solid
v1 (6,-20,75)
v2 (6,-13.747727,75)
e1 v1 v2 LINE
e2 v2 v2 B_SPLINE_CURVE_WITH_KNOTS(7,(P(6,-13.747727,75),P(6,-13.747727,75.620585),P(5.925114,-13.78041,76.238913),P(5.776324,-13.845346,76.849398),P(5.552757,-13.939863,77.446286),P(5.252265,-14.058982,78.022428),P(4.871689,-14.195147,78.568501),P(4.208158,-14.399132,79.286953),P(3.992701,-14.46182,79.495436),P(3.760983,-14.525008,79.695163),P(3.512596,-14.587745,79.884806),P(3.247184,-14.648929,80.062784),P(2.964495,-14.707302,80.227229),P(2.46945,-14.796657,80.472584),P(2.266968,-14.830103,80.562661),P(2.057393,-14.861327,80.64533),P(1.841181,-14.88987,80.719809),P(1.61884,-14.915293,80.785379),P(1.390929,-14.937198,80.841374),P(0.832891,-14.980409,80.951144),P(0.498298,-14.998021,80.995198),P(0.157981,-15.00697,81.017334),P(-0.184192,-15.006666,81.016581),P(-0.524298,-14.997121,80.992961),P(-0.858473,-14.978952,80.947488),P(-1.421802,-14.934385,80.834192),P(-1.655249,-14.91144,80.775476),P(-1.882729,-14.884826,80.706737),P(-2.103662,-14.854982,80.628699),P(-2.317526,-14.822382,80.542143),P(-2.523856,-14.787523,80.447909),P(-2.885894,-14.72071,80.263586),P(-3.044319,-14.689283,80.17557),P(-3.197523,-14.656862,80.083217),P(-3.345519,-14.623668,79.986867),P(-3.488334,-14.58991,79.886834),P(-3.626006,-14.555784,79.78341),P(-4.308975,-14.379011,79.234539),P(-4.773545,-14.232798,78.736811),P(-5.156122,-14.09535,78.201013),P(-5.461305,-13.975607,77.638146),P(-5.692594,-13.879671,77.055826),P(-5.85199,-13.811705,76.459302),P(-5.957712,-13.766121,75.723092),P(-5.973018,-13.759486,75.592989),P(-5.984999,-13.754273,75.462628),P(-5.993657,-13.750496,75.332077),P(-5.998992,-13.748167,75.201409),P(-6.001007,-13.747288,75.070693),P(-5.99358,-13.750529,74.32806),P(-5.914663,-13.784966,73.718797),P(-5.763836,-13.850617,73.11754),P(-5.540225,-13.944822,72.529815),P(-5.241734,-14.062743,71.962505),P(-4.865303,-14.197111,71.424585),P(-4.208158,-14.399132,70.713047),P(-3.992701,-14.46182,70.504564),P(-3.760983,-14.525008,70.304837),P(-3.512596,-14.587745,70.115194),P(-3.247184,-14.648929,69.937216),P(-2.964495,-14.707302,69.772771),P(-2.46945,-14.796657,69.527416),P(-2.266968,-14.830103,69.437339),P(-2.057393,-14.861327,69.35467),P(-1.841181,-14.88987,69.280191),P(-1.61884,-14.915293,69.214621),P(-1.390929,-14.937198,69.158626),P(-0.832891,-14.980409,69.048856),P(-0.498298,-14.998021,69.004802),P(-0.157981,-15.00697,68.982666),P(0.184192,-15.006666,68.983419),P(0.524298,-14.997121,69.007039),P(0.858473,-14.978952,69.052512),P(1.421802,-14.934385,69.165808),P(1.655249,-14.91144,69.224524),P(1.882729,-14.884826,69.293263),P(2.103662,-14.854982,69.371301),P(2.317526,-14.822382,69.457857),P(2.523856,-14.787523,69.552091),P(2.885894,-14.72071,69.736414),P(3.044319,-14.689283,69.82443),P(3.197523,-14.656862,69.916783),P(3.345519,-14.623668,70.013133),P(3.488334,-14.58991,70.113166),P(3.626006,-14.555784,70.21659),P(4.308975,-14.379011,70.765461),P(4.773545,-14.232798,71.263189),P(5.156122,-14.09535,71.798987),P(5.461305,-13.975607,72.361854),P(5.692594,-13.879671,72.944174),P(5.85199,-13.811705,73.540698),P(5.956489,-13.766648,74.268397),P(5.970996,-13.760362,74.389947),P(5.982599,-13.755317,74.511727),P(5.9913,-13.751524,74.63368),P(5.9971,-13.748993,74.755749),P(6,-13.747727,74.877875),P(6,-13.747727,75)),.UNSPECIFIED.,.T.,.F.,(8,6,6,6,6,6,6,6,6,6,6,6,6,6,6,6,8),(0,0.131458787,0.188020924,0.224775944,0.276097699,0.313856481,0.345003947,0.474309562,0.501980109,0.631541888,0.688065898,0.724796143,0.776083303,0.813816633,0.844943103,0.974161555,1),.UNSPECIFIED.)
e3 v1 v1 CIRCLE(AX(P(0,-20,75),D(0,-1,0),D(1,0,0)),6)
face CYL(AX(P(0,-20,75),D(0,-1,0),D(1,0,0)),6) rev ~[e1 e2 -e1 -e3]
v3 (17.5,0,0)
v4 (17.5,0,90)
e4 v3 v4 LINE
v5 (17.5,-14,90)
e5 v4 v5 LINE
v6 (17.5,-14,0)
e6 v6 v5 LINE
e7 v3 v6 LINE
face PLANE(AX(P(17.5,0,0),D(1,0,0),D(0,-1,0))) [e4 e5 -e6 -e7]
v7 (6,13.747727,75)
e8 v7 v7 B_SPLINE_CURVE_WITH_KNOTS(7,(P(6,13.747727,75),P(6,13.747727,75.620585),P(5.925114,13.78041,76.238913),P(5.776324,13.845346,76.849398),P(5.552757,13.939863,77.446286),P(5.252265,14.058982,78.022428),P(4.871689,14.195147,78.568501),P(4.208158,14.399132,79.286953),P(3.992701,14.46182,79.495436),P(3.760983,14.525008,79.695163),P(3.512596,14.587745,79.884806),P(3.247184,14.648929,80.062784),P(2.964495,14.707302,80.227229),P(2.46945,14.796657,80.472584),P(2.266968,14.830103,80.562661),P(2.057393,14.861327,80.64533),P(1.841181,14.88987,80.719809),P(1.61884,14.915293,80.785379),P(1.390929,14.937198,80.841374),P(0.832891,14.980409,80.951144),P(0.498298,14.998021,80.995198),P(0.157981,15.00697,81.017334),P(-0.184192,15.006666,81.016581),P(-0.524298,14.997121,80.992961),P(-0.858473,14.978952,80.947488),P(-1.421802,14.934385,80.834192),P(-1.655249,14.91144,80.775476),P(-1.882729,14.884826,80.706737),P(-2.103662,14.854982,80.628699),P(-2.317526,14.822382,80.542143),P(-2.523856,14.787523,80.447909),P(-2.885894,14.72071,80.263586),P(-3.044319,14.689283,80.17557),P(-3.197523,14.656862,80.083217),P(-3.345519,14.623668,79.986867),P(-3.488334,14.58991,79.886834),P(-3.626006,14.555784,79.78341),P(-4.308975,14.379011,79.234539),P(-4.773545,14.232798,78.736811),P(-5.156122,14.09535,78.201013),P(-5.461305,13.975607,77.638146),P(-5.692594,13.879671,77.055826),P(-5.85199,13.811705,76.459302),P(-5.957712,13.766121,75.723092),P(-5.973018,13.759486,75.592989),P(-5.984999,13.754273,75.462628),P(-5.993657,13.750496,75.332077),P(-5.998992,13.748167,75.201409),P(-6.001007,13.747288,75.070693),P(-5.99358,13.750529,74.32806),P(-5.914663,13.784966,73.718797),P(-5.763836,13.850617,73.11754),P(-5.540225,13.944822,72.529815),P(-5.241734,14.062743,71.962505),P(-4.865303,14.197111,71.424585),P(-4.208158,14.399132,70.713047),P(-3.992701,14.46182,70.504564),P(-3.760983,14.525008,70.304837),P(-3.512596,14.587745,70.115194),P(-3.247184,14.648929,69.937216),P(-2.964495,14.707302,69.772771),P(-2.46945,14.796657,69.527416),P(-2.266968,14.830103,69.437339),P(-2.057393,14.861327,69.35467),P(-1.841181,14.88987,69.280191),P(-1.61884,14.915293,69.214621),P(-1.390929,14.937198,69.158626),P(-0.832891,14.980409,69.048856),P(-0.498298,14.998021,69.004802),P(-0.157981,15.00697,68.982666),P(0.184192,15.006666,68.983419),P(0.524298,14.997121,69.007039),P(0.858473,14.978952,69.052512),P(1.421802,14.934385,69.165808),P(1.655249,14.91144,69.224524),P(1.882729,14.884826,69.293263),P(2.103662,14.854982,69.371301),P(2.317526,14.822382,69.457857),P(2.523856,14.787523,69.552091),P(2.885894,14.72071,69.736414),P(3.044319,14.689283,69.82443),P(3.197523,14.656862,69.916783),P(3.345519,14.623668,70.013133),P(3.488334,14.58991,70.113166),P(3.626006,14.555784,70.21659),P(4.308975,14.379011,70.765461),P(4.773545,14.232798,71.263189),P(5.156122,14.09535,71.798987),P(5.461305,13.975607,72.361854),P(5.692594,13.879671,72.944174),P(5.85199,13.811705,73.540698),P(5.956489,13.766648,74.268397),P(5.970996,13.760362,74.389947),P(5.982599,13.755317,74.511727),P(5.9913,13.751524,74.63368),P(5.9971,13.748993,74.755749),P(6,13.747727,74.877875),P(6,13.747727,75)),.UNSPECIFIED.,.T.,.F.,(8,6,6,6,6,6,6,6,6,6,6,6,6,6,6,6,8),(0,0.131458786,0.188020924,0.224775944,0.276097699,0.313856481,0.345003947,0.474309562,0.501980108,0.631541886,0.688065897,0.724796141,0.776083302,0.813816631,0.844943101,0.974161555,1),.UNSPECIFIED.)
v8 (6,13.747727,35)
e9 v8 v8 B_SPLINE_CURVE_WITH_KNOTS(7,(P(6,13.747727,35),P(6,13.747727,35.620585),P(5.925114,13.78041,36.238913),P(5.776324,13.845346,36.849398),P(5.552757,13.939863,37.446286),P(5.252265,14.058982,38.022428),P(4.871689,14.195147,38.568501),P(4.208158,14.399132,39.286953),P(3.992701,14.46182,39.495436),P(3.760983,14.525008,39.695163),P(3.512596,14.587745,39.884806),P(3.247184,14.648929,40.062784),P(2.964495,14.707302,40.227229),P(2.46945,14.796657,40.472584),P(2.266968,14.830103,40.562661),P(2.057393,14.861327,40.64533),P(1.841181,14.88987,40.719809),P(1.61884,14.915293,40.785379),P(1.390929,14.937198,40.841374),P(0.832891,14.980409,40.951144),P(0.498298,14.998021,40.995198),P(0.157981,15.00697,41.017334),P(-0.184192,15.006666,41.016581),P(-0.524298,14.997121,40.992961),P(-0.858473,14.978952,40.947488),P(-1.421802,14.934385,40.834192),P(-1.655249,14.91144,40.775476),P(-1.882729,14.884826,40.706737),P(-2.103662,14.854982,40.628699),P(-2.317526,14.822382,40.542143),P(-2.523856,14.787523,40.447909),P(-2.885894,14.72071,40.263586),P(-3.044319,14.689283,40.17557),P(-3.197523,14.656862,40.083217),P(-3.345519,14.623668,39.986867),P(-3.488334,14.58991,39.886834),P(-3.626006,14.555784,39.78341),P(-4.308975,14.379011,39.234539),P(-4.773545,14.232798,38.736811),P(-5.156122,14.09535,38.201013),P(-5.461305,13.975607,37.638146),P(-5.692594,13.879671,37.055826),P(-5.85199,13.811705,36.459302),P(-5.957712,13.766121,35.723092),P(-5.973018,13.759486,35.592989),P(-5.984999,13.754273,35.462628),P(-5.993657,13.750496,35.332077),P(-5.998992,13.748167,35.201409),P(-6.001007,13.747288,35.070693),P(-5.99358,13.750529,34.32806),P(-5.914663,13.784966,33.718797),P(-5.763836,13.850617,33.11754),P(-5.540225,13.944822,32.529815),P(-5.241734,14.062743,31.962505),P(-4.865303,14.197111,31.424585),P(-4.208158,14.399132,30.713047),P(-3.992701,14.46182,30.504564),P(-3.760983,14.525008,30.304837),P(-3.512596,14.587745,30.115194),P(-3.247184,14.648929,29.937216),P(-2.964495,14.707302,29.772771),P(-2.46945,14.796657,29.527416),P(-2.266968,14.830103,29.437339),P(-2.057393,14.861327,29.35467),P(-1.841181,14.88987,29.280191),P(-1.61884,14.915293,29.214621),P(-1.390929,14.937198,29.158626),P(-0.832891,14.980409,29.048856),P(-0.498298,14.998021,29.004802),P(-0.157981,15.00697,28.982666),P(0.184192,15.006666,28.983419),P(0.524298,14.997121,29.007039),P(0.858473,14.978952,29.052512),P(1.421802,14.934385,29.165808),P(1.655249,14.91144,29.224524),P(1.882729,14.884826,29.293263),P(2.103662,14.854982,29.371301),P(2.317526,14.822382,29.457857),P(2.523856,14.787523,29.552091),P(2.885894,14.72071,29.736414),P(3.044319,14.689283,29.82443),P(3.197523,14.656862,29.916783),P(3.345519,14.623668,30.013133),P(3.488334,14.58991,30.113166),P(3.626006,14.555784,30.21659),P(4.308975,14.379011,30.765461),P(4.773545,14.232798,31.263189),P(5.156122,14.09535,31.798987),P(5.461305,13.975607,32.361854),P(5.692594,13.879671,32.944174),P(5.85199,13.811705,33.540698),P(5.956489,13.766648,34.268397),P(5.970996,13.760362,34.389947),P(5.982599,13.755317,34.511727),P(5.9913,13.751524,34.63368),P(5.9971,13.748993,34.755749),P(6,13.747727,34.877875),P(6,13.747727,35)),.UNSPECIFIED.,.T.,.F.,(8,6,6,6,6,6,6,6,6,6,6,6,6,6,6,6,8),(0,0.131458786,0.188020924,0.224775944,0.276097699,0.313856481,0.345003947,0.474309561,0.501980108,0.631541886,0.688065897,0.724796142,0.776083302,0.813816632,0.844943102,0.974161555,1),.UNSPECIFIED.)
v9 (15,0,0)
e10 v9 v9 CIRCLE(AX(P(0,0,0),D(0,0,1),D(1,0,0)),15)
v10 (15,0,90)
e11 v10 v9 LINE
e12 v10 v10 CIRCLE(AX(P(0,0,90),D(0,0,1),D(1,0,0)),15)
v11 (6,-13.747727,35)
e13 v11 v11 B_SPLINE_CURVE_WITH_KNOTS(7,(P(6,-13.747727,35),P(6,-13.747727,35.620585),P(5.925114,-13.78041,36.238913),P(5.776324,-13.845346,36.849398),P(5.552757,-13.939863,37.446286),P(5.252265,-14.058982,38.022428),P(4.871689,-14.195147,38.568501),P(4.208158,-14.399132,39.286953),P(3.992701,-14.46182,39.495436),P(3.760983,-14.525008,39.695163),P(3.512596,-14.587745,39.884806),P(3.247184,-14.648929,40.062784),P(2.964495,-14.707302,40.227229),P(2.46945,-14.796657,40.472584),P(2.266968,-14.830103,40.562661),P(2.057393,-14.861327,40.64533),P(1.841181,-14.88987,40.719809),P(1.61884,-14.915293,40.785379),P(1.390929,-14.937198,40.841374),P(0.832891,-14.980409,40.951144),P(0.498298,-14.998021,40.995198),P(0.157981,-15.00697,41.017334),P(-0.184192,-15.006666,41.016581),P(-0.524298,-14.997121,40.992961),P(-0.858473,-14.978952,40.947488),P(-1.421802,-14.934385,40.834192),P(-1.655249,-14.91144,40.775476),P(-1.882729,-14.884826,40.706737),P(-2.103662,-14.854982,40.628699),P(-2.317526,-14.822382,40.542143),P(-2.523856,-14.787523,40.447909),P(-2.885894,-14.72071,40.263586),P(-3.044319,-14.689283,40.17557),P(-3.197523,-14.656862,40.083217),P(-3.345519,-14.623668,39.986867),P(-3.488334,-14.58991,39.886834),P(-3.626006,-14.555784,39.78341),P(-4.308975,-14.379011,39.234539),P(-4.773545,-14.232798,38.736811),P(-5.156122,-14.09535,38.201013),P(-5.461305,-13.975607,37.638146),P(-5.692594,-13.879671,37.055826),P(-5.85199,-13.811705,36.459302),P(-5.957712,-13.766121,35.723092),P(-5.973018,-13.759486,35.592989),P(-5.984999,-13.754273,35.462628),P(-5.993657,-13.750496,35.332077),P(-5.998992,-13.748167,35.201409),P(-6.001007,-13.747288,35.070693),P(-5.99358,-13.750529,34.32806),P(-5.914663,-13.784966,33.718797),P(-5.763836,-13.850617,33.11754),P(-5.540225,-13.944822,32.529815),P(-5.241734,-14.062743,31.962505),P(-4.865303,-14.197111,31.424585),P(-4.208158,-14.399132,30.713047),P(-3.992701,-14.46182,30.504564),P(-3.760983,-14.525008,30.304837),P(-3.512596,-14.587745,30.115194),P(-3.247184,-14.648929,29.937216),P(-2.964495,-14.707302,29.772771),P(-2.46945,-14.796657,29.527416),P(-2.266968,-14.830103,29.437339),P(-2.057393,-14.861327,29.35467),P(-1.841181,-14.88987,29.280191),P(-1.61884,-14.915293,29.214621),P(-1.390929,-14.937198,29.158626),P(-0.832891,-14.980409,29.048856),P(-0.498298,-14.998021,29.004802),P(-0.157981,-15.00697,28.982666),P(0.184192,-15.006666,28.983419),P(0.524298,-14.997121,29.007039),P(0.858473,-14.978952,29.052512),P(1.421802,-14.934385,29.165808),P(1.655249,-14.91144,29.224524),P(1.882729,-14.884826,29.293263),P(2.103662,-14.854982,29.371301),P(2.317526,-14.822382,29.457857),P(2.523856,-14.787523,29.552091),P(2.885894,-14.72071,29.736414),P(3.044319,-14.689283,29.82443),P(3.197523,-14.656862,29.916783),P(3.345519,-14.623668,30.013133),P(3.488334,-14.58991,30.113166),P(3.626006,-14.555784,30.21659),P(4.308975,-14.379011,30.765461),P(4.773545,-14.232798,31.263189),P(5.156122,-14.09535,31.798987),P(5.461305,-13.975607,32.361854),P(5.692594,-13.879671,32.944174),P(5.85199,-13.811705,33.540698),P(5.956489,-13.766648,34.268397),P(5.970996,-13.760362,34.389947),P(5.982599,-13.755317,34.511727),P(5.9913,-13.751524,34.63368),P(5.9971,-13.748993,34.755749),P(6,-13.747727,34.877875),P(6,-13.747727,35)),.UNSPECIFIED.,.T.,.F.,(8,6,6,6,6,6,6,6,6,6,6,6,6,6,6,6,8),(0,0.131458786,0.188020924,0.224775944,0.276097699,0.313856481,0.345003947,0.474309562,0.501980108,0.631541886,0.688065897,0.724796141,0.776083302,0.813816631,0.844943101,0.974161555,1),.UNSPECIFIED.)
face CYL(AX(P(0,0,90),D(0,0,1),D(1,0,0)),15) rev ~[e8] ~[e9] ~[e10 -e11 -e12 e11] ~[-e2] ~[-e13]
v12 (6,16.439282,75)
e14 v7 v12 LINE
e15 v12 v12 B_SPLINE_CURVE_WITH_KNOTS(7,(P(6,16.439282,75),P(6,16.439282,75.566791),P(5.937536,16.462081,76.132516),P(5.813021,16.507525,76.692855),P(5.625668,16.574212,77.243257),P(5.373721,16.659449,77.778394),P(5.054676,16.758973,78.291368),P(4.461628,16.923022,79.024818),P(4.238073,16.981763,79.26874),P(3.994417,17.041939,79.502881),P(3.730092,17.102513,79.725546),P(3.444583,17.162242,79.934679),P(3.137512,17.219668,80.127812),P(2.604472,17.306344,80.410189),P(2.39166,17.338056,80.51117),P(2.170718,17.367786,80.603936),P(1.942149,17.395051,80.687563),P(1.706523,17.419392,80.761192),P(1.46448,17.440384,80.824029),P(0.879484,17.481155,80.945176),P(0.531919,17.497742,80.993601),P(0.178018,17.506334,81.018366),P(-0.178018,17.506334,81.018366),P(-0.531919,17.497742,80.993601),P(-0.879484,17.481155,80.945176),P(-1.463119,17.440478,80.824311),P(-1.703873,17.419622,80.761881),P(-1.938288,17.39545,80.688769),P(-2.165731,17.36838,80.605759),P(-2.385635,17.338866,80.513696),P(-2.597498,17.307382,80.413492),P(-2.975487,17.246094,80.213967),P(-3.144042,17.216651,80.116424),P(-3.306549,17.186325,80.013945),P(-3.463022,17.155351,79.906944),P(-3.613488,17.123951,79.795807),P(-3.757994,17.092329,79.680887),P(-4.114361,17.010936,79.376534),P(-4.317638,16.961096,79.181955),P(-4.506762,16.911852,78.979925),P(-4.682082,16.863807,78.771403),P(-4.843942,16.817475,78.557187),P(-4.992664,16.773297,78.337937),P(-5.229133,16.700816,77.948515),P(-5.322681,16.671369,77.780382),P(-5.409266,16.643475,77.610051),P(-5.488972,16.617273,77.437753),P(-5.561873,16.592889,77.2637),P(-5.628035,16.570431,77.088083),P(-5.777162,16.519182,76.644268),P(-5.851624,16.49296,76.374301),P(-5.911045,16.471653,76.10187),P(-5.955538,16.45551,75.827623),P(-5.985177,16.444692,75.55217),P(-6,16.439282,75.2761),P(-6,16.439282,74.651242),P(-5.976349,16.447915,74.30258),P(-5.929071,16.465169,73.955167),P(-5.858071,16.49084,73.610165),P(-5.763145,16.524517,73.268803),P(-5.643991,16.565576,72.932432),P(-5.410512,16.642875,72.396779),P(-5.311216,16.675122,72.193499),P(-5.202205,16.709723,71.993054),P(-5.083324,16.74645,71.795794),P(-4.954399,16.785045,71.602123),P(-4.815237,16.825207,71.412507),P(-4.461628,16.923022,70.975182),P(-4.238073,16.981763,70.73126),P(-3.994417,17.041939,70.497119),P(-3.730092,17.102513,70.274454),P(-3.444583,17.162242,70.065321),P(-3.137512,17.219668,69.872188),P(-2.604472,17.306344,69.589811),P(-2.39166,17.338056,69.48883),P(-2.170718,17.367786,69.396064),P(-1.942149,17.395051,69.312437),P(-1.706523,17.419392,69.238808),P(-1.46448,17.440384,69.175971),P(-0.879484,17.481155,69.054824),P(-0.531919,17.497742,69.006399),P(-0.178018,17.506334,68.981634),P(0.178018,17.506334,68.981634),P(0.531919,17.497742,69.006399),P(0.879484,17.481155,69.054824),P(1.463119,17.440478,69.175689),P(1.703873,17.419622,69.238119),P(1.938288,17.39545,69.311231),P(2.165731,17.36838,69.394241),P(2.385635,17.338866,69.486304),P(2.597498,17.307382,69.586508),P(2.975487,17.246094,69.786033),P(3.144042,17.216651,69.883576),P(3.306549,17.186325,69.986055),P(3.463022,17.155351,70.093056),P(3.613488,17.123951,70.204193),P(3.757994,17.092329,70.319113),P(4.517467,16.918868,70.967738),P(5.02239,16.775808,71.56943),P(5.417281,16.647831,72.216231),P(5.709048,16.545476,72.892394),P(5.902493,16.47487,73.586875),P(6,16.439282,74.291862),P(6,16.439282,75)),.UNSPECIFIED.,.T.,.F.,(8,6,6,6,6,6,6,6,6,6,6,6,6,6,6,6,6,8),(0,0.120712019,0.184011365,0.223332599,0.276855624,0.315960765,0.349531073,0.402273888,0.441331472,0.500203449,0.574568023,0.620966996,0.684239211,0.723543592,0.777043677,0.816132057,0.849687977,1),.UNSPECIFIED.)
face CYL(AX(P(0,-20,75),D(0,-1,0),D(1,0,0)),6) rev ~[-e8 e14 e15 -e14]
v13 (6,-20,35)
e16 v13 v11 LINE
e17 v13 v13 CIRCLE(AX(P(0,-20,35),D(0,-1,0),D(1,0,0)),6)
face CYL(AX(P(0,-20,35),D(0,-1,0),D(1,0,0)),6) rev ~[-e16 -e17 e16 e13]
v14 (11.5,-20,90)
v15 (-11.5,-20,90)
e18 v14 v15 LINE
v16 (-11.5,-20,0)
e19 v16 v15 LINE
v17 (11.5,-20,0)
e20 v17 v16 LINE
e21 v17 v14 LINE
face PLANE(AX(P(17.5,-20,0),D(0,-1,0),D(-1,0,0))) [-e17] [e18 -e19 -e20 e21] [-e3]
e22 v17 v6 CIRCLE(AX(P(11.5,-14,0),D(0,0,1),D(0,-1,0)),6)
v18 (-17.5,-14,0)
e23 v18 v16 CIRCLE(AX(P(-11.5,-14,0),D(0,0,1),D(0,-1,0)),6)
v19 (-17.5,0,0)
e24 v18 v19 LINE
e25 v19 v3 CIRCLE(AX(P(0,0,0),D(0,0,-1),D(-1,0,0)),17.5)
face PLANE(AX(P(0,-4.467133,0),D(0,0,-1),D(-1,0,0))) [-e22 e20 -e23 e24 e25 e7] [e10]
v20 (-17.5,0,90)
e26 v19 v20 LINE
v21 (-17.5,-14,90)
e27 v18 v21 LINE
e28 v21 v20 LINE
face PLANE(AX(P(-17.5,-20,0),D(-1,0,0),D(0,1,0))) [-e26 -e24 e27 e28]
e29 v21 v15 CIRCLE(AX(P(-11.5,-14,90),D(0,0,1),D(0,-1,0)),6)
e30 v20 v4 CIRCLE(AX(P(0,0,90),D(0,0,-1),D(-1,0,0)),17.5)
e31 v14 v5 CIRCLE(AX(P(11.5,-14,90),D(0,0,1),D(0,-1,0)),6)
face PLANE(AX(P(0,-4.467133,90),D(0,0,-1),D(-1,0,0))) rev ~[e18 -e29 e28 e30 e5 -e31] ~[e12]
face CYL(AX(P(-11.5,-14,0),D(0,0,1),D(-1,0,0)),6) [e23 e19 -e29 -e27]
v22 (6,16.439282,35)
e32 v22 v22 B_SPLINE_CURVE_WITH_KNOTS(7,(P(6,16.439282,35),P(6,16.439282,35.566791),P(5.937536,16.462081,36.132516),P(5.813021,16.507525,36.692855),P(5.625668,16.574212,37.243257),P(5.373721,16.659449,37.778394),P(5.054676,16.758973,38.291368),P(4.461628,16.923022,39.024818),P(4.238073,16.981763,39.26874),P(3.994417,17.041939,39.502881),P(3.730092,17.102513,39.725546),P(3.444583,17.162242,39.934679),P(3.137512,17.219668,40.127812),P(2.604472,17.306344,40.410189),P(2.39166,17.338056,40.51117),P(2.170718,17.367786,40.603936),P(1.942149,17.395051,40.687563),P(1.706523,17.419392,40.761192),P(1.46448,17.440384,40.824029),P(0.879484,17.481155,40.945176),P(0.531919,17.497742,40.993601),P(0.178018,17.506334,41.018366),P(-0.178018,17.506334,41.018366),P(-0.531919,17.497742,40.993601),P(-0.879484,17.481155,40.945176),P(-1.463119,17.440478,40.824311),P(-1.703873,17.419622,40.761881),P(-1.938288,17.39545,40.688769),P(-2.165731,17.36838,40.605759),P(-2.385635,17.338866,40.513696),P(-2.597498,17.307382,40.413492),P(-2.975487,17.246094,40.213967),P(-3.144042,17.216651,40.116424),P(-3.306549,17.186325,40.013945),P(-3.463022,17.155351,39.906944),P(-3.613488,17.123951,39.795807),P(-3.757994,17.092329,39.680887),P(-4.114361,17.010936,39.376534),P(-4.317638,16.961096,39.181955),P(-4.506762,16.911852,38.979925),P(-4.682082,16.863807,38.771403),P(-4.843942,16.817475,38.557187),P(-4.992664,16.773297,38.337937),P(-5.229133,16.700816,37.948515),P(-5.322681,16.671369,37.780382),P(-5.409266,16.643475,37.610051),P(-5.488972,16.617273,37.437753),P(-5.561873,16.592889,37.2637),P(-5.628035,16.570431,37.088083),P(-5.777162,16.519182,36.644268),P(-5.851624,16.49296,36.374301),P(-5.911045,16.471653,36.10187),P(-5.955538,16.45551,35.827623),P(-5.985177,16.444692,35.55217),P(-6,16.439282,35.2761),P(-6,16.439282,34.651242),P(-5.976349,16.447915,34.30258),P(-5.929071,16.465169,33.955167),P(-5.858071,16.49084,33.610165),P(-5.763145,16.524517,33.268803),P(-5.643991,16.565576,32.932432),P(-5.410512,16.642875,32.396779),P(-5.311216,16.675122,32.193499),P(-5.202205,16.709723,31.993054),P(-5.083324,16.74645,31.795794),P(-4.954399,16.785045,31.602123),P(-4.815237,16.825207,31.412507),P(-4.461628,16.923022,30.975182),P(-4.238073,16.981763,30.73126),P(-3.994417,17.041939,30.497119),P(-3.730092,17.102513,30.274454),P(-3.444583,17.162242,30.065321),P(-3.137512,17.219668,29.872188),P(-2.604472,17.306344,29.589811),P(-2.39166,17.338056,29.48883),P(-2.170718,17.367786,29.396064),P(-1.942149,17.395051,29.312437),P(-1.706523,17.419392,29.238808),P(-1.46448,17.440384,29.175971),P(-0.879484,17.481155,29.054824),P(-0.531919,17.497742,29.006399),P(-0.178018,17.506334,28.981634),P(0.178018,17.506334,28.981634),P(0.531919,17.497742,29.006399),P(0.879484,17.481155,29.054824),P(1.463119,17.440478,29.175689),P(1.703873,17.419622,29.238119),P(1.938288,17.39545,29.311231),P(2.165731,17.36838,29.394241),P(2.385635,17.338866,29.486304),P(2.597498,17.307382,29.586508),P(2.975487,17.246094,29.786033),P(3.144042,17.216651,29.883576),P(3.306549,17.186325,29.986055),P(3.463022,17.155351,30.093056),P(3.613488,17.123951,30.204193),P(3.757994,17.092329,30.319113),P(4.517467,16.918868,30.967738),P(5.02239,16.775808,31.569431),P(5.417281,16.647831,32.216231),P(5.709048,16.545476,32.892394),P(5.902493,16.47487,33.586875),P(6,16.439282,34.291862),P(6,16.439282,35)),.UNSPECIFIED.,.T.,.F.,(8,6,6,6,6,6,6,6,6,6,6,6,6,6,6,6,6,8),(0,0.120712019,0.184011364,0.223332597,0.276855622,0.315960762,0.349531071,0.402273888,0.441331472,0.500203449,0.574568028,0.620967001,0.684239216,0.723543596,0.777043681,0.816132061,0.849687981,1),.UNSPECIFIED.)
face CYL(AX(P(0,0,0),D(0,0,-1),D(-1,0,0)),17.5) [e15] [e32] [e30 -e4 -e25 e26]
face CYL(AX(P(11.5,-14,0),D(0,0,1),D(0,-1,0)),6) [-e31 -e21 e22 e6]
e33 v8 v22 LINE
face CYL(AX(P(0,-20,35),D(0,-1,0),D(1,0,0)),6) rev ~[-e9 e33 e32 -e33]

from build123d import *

# Parameters (mm, degrees)
BASE_EXTRUDE_DEPTH = 90
SKETCH2_R          = 15
CUT_EXTRUDE1_DEPTH = 94.841621896
SKETCH3_R          = 6
CUT_EXTRUDE2_DEPTH = 100.058063781
FILLET1_R          = 6


with BuildPart() as part:
    # Sketch1 → Base-Extrude (new body)
    with BuildSketch(Plane.XY):
        with BuildLine():
            Line((-17.5, -20), (-17.5, 0))
            ThreePointArc((-17.5, 0), (0, 17.5), (17.5, 0))
            Line((17.5, 0), (17.5, -20))
            Line((17.5, -20), (-17.5, -20))
        make_face()
    extrude(amount=BASE_EXTRUDE_DEPTH)

    # Sketch2 → Cut-Extrude1 (cut, through all)
    with BuildSketch(Plane.XY.offset(90)):
        Circle(SKETCH2_R)
    extrude(amount=-CUT_EXTRUDE1_DEPTH, mode=Mode.SUBTRACT)

    # Sketch3 → Cut-Extrude2 (cut, through all)
    with BuildSketch(Plane.XZ.offset(20)):
        with Locations((0, 35)):
            Circle(SKETCH3_R)
        with Locations((0, 75)):
            Circle(SKETCH3_R)
    extrude(amount=-CUT_EXTRUDE2_DEPTH, mode=Mode.SUBTRACT)

    # Fillet1
    fillet1_edges = [part.edges().sort_by_distance(p)[0] for p in [
        (17.5, -20, 45),
        (-17.5, -20, 45),
    ]]
    fillet(fillet1_edges, radius=FILLET1_R)


solid = part.part
